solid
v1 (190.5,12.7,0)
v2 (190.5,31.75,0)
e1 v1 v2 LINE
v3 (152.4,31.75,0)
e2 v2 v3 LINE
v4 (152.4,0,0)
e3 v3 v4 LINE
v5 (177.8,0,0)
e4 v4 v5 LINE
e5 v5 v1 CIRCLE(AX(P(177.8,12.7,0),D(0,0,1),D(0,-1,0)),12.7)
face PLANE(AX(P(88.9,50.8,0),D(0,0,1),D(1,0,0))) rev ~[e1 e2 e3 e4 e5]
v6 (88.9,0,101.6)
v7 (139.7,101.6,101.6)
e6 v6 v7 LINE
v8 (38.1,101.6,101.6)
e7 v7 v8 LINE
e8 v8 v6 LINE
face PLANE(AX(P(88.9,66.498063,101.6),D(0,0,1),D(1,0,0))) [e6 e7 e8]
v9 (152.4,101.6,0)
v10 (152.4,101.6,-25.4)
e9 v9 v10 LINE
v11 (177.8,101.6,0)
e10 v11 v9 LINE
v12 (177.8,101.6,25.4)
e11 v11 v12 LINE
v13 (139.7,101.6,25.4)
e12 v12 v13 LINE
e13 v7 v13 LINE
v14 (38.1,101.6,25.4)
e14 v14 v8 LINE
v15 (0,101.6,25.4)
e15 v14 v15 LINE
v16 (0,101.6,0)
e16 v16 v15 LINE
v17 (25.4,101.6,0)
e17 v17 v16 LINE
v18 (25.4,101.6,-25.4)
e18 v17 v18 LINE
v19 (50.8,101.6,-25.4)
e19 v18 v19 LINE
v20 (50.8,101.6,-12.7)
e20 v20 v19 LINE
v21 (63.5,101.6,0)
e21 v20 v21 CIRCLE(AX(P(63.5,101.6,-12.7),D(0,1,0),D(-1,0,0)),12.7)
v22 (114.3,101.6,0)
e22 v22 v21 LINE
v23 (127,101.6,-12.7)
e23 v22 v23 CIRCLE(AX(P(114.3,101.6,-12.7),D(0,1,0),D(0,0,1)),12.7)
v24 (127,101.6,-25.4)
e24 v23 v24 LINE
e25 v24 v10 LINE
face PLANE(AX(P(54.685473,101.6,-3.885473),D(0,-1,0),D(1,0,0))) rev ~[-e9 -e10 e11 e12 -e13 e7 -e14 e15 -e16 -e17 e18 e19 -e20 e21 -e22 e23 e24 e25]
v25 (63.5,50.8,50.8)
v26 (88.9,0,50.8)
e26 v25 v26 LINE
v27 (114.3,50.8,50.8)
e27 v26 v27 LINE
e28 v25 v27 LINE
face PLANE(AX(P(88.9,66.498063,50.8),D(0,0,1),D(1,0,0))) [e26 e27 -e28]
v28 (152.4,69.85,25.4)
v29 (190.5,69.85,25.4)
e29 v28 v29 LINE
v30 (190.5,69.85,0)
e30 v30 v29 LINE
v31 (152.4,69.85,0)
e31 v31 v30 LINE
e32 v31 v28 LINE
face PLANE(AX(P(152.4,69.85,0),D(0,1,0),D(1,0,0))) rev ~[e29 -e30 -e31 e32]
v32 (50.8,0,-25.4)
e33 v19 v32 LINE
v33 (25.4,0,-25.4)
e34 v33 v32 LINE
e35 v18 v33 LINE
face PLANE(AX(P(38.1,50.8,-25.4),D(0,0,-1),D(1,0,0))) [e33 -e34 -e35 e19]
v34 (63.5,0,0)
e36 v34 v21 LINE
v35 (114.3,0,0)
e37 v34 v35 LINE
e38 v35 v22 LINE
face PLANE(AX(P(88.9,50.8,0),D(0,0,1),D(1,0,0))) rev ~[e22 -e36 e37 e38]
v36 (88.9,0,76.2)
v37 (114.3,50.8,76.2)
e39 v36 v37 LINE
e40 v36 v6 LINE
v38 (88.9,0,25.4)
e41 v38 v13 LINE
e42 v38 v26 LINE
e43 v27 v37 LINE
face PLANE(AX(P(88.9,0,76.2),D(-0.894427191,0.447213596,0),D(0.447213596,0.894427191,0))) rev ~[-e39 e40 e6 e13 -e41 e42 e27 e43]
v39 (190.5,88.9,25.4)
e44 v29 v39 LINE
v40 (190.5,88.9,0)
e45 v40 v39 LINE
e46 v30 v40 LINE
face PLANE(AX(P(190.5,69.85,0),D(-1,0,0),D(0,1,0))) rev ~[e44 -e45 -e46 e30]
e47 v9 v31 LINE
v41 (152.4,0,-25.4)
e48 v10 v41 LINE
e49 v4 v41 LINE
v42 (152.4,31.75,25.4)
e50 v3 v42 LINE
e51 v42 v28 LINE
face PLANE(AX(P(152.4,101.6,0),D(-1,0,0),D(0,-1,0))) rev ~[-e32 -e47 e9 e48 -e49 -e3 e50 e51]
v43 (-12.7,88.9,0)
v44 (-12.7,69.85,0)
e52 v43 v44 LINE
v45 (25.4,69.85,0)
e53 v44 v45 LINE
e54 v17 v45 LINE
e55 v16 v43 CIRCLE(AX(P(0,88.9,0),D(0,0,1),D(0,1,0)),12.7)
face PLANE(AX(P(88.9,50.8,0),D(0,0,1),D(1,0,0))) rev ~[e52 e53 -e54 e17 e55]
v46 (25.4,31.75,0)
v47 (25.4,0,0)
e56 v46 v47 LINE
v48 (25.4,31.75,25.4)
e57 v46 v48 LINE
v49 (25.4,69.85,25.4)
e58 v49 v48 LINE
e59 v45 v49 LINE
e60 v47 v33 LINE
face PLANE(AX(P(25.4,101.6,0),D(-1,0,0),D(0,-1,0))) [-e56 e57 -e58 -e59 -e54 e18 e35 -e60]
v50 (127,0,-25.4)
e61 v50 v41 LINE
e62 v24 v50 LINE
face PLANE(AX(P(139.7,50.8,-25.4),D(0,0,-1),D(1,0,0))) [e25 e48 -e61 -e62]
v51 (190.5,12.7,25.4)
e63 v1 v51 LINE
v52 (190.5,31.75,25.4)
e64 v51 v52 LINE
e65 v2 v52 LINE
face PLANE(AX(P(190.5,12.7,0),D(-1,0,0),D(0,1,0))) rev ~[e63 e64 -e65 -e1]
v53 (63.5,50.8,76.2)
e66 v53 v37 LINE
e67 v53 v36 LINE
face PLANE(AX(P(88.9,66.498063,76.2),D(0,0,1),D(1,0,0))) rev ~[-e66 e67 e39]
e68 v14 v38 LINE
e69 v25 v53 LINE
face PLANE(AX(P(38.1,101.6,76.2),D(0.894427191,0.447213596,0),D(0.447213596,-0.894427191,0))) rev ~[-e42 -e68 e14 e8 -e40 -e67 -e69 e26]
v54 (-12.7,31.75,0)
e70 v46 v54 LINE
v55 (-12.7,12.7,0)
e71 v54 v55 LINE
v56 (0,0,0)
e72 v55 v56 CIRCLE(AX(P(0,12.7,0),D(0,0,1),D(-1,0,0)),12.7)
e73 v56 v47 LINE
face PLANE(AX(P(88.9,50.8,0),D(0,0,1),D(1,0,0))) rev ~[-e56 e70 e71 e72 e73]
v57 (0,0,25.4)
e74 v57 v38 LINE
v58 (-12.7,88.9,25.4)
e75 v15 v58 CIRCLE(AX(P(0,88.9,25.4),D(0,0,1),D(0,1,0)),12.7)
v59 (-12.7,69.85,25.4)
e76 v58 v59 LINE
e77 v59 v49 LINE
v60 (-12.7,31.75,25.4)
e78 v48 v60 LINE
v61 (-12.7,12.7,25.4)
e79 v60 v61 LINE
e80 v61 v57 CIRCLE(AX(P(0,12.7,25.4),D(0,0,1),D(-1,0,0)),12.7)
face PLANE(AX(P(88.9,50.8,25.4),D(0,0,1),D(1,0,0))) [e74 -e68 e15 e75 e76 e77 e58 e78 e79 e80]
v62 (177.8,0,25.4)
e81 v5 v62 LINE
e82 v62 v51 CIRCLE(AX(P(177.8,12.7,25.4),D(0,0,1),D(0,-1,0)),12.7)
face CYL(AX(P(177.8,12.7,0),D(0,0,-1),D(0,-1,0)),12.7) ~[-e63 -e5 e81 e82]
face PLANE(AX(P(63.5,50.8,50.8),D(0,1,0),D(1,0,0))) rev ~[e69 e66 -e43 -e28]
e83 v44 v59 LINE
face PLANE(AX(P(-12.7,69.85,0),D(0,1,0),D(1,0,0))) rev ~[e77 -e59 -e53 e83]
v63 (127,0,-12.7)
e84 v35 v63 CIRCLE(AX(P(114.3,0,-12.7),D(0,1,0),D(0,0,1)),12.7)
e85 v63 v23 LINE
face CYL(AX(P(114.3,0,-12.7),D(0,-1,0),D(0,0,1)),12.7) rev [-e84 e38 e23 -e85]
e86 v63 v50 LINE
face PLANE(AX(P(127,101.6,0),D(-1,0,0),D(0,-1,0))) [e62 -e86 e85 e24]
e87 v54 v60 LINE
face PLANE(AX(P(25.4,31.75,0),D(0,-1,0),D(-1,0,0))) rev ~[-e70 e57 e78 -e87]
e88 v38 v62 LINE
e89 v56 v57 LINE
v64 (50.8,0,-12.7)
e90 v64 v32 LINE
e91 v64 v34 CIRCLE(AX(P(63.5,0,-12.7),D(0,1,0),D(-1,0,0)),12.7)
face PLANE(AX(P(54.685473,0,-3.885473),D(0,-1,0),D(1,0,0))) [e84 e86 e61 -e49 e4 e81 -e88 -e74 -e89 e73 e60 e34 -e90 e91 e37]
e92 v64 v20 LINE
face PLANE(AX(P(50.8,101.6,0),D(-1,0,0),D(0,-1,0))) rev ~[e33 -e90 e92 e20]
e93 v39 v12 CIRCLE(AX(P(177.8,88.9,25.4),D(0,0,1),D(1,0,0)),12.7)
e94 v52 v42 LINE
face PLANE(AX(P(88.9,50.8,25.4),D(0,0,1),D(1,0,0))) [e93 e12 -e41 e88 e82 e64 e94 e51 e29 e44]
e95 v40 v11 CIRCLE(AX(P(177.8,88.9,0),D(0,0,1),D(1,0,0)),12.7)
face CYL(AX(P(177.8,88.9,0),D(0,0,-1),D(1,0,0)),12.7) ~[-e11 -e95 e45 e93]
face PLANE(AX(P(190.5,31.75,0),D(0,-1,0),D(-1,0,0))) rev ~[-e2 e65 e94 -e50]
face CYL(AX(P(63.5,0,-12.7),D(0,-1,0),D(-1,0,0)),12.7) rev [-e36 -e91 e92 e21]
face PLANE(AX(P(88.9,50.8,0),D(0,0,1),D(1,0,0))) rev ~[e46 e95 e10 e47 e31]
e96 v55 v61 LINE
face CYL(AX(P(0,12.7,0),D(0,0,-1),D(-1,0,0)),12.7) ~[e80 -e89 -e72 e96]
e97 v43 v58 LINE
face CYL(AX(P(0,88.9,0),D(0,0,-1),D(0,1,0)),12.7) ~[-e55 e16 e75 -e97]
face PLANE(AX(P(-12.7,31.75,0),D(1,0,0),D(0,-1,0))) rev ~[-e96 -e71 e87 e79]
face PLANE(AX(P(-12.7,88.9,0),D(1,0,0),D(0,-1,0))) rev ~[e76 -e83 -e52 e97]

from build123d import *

# Parameters (mm, degrees)
F1_DEPTH  = 25.4
F3_DEPTH  = 25.4
F5_DEPTH  = 25.4
F7_DEPTH  = 25.4
F8_W      = 25.4
F8_H      = 101.6
F9_DEPTH  = 25.4
F11_DEPTH = 101.6


with BuildPart() as f1:
    # F0 (on Top) → F1 (new body)
    with BuildSketch(Plane.XY):
        Polygon((0, 31.75), (0, 0), (177.8, 0), (177.8, 31.75), (152.4, 31.75), (152.4, 69.85), (177.8, 69.85), (177.8, 101.6), (0, 101.6), (0, 69.85), (25.4, 69.85), (25.4, 31.75), align=None)
        with BuildLine():
            ThreePointArc((-12.7, 12.7), (-8.9802561211, 3.7197438789), (0, 0))
            Line((0, 0), (0, 31.75))
            Line((0, 31.75), (-12.7, 31.75))
            Line((-12.7, 31.75), (-12.7, 12.7))
        make_face()
        with BuildLine():
            Line((177.8, 31.75), (177.8, 0))
            ThreePointArc((177.8, 0), (186.7802561211, 3.7197438789), (190.5, 12.7))
            Line((190.5, 12.7), (190.5, 31.75))
            Line((190.5, 31.75), (177.8, 31.75))
        make_face()
        with BuildLine():
            Line((-12.7, 69.85), (0, 69.85))
            Line((0, 69.85), (0, 101.6))
            ThreePointArc((0, 101.6), (-8.9802561211, 97.8802561211), (-12.7, 88.9))
            Line((-12.7, 88.9), (-12.7, 69.85))
        make_face()
        with BuildLine():
            Line((177.8, 101.6), (177.8, 69.85))
            Line((177.8, 69.85), (190.5, 69.85))
            Line((190.5, 69.85), (190.5, 88.9))
            ThreePointArc((190.5, 88.9), (186.7802561211, 97.8802561211), (177.8, 101.6))
        make_face()
    extrude(amount=F1_DEPTH)

    # F2 (on face) → F3 (join)
    with BuildSketch(Plane.XY.offset(25.4)):
        Polygon((38.1, 101.6), (88.9, 0), (139.7, 101.6), align=None)
    extrude(amount=F3_DEPTH)

    # F4 (on face) → F5 (join)
    with BuildSketch(Plane.XY.offset(50.8)):
        Polygon((139.7, 101.6), (38.1, 101.6), (63.5, 50.8), (114.3, 50.8), align=None)
    extrude(amount=F5_DEPTH)

    # F6 (on face) → F7 (join)
    with BuildSketch(Plane.XY.offset(76.2)):
        Polygon((139.7, 101.6), (38.1, 101.6), (88.9, 0), align=None)
    extrude(amount=F7_DEPTH)

    # F8 (on face) → F9 (join)
    with BuildSketch(Plane(origin=(0, 0, 0), x_dir=(1, 0, 0), z_dir=(0, 0, -1))):
        with Locations((38.1, -50.8)):
            Rectangle(F8_W, F8_H)
        with Locations((139.7, -50.8)):
            Rectangle(F8_W, F8_H)
    extrude(amount=F9_DEPTH)

    # F10 (on face) → F11 (join)
    with BuildSketch(Plane.XZ):
        with BuildLine():
            Line((63.5, 0), (50.8, 0))
            Line((50.8, 0), (50.8, -12.7))
            ThreePointArc((50.8, -12.7), (54.5197438789, -3.7197438789), (63.5, 0))
        make_face()
        with BuildLine():
            Line((127, 0), (114.3, 0))
            ThreePointArc((114.3, 0), (123.2802561211, -3.7197438789), (127, -12.7))
            Line((127, -12.7), (127, 0))
        make_face()
    extrude(amount=-F11_DEPTH)


solid = f1.part
